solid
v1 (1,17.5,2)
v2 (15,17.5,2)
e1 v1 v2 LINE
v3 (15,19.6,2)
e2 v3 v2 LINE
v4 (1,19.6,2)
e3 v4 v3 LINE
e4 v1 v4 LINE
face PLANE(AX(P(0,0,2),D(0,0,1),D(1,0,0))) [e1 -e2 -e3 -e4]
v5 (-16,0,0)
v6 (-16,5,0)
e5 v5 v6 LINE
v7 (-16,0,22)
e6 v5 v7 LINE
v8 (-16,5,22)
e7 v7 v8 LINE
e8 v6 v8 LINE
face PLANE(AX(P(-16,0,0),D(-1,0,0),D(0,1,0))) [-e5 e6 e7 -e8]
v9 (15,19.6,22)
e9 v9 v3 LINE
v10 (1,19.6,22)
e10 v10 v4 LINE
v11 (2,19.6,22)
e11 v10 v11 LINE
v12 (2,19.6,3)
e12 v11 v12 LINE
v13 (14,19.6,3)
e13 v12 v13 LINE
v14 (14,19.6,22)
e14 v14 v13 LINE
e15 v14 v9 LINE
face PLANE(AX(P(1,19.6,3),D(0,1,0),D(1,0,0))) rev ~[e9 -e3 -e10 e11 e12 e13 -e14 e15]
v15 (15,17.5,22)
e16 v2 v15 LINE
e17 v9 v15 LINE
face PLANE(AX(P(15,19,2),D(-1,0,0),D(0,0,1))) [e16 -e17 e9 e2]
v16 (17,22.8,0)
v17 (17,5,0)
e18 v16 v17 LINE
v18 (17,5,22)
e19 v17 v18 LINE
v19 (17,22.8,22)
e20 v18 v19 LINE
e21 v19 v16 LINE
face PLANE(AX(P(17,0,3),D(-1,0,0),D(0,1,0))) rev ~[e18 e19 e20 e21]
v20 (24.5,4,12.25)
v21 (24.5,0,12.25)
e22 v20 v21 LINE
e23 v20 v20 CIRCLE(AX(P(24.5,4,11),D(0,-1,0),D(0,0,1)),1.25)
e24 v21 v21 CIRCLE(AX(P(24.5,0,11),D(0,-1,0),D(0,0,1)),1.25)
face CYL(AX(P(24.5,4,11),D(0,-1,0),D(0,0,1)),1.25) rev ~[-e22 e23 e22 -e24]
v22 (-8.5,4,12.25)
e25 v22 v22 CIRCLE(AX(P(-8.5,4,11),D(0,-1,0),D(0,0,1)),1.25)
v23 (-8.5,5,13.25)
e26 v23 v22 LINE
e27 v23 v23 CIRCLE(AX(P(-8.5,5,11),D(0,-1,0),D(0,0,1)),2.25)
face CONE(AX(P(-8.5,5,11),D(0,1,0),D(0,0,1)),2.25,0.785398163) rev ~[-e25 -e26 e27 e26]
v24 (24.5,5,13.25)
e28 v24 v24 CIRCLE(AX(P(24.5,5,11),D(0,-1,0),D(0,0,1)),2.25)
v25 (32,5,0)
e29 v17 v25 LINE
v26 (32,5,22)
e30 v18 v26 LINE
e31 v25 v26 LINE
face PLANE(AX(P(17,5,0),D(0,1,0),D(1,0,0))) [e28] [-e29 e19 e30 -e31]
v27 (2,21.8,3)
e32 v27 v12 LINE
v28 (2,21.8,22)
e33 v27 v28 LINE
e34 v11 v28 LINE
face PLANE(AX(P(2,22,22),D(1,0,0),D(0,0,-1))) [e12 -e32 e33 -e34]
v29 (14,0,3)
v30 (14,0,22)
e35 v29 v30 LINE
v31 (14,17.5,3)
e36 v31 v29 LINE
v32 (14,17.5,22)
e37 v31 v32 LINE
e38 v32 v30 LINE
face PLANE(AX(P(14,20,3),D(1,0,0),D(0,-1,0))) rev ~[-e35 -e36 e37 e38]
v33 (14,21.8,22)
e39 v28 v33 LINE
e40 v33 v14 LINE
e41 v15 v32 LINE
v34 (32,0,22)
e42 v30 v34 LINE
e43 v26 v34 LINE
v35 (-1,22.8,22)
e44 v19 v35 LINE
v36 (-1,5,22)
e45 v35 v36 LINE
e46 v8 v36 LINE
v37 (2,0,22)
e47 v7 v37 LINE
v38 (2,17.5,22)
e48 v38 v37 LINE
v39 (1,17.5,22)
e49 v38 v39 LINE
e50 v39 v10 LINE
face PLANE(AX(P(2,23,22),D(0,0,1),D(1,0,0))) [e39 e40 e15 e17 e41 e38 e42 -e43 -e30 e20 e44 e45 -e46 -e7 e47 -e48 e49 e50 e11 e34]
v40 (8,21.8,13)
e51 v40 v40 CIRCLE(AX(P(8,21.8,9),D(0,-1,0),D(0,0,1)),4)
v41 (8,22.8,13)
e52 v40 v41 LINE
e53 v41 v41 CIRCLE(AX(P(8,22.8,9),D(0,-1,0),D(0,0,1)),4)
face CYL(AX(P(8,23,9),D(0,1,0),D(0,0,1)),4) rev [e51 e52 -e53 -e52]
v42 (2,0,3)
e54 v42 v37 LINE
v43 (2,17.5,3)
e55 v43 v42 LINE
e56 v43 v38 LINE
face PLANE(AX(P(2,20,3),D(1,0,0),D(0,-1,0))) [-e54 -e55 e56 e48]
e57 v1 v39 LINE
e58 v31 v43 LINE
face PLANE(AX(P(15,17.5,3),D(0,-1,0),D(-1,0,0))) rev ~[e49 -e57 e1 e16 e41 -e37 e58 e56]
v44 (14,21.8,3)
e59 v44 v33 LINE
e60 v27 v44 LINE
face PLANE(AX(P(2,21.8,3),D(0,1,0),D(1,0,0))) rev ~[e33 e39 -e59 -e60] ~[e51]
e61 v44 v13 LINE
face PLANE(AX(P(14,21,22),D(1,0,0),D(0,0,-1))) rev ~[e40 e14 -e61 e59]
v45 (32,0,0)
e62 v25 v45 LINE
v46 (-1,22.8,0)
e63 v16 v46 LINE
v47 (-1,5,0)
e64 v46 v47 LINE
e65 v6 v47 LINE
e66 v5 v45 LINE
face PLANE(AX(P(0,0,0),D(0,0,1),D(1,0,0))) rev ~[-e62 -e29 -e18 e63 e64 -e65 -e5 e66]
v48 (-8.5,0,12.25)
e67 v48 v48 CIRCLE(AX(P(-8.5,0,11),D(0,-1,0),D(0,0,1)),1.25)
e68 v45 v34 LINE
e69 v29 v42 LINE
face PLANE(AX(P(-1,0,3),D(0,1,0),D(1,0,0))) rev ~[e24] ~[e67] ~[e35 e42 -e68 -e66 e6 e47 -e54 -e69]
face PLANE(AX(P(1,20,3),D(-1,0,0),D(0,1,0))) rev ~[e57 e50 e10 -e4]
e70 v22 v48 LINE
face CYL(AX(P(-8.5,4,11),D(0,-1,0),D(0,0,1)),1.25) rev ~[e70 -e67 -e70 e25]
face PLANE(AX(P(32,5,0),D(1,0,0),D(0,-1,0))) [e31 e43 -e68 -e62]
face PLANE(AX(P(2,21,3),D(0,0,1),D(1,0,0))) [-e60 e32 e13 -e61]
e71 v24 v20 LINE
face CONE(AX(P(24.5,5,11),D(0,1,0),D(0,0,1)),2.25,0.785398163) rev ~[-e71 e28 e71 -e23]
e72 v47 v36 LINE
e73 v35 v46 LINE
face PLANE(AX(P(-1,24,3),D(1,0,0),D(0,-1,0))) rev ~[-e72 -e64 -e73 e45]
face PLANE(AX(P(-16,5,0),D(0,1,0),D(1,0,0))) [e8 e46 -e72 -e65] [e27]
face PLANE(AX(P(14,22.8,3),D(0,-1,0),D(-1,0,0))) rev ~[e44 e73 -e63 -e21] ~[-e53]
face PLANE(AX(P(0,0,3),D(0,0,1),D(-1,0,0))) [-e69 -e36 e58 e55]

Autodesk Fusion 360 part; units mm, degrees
sketch "Skizze1" plane through (0, 0, 0) normal (0, 0, 1) x (1, 0, 0)
  line L0 (0, 24) -> (16, 24)
  line L1 (16, 0) -> (0, 0)
  line L2 (2, 22) -> (14, 22)
  line L3 (0, 24) -> (-1, 24)
  line L4 (-1, 24) -> (-1, 0)
  line L5 (-1, 0) -> (0, 0)
  line L6 (16, 24) -> (17, 24)
  line L7 (17, 24) -> (17, 0)
  line L8 (17, 0) -> (16, 0)
  line L9 (2, 22) -> (1, 22)
  line L10 (1, 22) -> (1, 20)
  line L11 (1, 20) -> (2, 20)
  line L12 (15, 20) -> (15, 22)
  line L13 (15, 22) -> (14, 22)
  line L14 (15, 20) -> (2, 20)
  line L15 (2, 20) -> (2, 0)
  line L16 (14, 20) -> (14, 0)
extrude "Extrusion1" add sketch "Skizze1" along normal blind 2
sketch "Skizze2" plane through (0, 0, 2) normal (0, 0, 1) x (-1, 0, 0)
  line L0 (-17, -24) -> (1, -24)
  line L1 (1, -24) -> (1, 0)
  line L2 (1, 0) -> (-17, 0)
  line L3 (-17, 0) -> (-17, -24)
  line L4 (-2, 0) -> (-2, -20)
  line L5 (-2, -20) -> (-1, -20)
  line L6 (-1, -20) -> (-1, -22)
  line L7 (-1, -22) -> (-15, -22)
  line L8 (-15, -22) -> (-15, -20)
  line L9 (-15, -20) -> (-14, -20)
  line L10 (-14, -20) -> (-14, 0)
  line L11 (-2, -20) -> (-14, -20)
extrude "Extrusion2" add sketch "Skizze2" along normal blind 1 contours L0 L1 L2 L3 L4 L5 L6 L7 L8 L9 L10 | L2 L4 L10 L11
sketch "Skizze3" plane through (0, 0, 3) normal (0, 0, 1) x (-1, 0, 0)
  line L0 (-15, -20) -> (-1, -20)
  line L1 (-1, -20) -> (-1, -22)
  line L2 (-1, -22) -> (-15, -22)
  line L3 (-15, -22) -> (-15, -20)
  line L4 (-17, 0) -> (-17, -24)
  line L5 (-17, -24) -> (1, -24)
  line L6 (1, -24) -> (1, 0)
  line L7 (1, 0) -> (-17, 0)
  line L8 (-2, -20) -> (-2, 0)
  line L9 (-14, -20) -> (-14, 0)
extrude "Extrusion3" add sketch "Skizze3" along normal blind 19 contours L0 L1 L2 L3 L4 L5 L6 L7 L8 L9
sketch "Skizze4" plane through (0, 0, 22) normal (0, 0, 1) x (-1, 0, 0)
  line L0 (-2, -20) -> (-1, -20)
  line L1 (-1, -20) -> (-1, -22)
  line L2 (-1, -22) -> (-15, -22)
  line L3 (-15, -22) -> (-15, -20)
  line L4 (-15, -20) -> (-14, -20)
  line L5 (-14, -20) -> (-14, 0)
  line L6 (-14, 0) -> (-17, 0)
  line L7 (-17, 0) -> (-17, -24)
  line L8 (-17, -24) -> (1, -24)
  line L9 (1, -24) -> (1, 0)
  line L10 (1, 0) -> (-2, 0)
  line L11 (-2, 0) -> (-2, -20)
  line L12 (-2, -22) -> (-2, -24)
  line L13 (-14, -22) -> (-14, -24)
extrude "Extrusion4" cut sketch "Skizze4" against normal blind 19 contours L2 L8 L12 L13
sketch "Skizze5" plane through (0, 0, 3) normal (0, 0, 1) x (-1, 0, 0)
  line L0 (-14, 0) -> (-14, -20)
  line L1 (-14, -20) -> (-2, -20)
  line L2 (-2, -20) -> (-2, 0)
  line L3 (-2, 0) -> (-14, 0)
sketch "Skizze6" plane through (0, 0, 3) normal (0, 0, 1) x (1, 0, 0)
sketch "Skizze7" plane through (0, 0, 0) normal (0, 0, 1) x (1, 0, 0)
  line L0 (-1, 0) -> (-16, 0)
  line L1 (-16, 0) -> (-16, 5)
  line L2 (-16, 5) -> (-1, 5)
  line L3 (-1, 5) -> (-1, 0)
  line L4 (17, 0) -> (17, 5)
  line L5 (17, 5) -> (32, 5)
  line L6 (32, 5) -> (32, 0)
  line L7 (32, 0) -> (17, 0)
extrude "Extrusion5" add sketch "Skizze7" along normal blind 22
hole "Bohrung1" at (24.5, 5, 11) direction (0, -1, 0) diameter 2.5 depth 5 tip angle 180 countersink diameter 4.5 countersink angle 90
hole "Bohrung2" at (-8.5, 5, 11) direction (0, -1, 0) diameter 2.5 depth 5 tip angle 180 countersink diameter 4.5 countersink angle 90
extrude "Extrusion6" cut 1 faces at (14.6667, 20, 9) along direction (0, -1, 0) blind 1
extrude "Extrusion7" add 1 faces at (1.3333, 22, 9) along direction (0, -1, 0) blind 1
sketch "Skizze8" plane through (0, 0, 3) normal (0, 0, 1) x (-1, 0, 0)
  line L0 (-14, -21) -> (-14, -24)
  line L1 (-14, -24) -> (-2, -24)
  line L2 (-2, -24) -> (-2, -21)
  line L3 (-2, -21) -> (-14, -21)
  line L4 (-2, -23) -> (-14, -23)
  line L5 (-14, -23) -> (-14, -24)
  line L6 (-14, -24) -> (-2, -24)
  line L7 (-2, -24) -> (-2, -23)
  line L8 (-2, -23) -> (-14, -23)
  line L9 (-14, -23) -> (-14, -24)
extrude "Extrusion8" add sketch "Skizze8" along normal blind 19 contours L0 L1 L2 L4 L5 L6 L7 L8 L9
sketch "Skizze9" plane through (0, 24, 0) normal (0, 1, 0) x (-1, 0, 0)
  line L0 (1, 22) -> (-17, 22)
  line L1 (-17, 22) -> (-17, 0)
  line L2 (-17, 0) -> (1, 0)
  line L3 (1, 0) -> (1, 22)
  line L4 (-8, 0) -> (-8, 9)
hole "Bohrung3" at (8, 24, 9) direction (0, -1, 0) diameter 8 depth 9 tip angle 180
extrude "Extrusion9" cut 1 faces at (14.6667, 19, 9) along direction (0, -1, 0) blind 1.5
extrude "Extrusion10" add 1 faces at (1.3333, 21, 9) along direction (0, -1, 0) blind 1.4
extrude "Extrusion11" add 1 faces at (8, 23, 19) along direction (0, -1, 0) blind 1.2
extrude "Extrusion12" cut 1 faces at (8, 24, 19) along direction (0, -1, 0) blind 1.2
